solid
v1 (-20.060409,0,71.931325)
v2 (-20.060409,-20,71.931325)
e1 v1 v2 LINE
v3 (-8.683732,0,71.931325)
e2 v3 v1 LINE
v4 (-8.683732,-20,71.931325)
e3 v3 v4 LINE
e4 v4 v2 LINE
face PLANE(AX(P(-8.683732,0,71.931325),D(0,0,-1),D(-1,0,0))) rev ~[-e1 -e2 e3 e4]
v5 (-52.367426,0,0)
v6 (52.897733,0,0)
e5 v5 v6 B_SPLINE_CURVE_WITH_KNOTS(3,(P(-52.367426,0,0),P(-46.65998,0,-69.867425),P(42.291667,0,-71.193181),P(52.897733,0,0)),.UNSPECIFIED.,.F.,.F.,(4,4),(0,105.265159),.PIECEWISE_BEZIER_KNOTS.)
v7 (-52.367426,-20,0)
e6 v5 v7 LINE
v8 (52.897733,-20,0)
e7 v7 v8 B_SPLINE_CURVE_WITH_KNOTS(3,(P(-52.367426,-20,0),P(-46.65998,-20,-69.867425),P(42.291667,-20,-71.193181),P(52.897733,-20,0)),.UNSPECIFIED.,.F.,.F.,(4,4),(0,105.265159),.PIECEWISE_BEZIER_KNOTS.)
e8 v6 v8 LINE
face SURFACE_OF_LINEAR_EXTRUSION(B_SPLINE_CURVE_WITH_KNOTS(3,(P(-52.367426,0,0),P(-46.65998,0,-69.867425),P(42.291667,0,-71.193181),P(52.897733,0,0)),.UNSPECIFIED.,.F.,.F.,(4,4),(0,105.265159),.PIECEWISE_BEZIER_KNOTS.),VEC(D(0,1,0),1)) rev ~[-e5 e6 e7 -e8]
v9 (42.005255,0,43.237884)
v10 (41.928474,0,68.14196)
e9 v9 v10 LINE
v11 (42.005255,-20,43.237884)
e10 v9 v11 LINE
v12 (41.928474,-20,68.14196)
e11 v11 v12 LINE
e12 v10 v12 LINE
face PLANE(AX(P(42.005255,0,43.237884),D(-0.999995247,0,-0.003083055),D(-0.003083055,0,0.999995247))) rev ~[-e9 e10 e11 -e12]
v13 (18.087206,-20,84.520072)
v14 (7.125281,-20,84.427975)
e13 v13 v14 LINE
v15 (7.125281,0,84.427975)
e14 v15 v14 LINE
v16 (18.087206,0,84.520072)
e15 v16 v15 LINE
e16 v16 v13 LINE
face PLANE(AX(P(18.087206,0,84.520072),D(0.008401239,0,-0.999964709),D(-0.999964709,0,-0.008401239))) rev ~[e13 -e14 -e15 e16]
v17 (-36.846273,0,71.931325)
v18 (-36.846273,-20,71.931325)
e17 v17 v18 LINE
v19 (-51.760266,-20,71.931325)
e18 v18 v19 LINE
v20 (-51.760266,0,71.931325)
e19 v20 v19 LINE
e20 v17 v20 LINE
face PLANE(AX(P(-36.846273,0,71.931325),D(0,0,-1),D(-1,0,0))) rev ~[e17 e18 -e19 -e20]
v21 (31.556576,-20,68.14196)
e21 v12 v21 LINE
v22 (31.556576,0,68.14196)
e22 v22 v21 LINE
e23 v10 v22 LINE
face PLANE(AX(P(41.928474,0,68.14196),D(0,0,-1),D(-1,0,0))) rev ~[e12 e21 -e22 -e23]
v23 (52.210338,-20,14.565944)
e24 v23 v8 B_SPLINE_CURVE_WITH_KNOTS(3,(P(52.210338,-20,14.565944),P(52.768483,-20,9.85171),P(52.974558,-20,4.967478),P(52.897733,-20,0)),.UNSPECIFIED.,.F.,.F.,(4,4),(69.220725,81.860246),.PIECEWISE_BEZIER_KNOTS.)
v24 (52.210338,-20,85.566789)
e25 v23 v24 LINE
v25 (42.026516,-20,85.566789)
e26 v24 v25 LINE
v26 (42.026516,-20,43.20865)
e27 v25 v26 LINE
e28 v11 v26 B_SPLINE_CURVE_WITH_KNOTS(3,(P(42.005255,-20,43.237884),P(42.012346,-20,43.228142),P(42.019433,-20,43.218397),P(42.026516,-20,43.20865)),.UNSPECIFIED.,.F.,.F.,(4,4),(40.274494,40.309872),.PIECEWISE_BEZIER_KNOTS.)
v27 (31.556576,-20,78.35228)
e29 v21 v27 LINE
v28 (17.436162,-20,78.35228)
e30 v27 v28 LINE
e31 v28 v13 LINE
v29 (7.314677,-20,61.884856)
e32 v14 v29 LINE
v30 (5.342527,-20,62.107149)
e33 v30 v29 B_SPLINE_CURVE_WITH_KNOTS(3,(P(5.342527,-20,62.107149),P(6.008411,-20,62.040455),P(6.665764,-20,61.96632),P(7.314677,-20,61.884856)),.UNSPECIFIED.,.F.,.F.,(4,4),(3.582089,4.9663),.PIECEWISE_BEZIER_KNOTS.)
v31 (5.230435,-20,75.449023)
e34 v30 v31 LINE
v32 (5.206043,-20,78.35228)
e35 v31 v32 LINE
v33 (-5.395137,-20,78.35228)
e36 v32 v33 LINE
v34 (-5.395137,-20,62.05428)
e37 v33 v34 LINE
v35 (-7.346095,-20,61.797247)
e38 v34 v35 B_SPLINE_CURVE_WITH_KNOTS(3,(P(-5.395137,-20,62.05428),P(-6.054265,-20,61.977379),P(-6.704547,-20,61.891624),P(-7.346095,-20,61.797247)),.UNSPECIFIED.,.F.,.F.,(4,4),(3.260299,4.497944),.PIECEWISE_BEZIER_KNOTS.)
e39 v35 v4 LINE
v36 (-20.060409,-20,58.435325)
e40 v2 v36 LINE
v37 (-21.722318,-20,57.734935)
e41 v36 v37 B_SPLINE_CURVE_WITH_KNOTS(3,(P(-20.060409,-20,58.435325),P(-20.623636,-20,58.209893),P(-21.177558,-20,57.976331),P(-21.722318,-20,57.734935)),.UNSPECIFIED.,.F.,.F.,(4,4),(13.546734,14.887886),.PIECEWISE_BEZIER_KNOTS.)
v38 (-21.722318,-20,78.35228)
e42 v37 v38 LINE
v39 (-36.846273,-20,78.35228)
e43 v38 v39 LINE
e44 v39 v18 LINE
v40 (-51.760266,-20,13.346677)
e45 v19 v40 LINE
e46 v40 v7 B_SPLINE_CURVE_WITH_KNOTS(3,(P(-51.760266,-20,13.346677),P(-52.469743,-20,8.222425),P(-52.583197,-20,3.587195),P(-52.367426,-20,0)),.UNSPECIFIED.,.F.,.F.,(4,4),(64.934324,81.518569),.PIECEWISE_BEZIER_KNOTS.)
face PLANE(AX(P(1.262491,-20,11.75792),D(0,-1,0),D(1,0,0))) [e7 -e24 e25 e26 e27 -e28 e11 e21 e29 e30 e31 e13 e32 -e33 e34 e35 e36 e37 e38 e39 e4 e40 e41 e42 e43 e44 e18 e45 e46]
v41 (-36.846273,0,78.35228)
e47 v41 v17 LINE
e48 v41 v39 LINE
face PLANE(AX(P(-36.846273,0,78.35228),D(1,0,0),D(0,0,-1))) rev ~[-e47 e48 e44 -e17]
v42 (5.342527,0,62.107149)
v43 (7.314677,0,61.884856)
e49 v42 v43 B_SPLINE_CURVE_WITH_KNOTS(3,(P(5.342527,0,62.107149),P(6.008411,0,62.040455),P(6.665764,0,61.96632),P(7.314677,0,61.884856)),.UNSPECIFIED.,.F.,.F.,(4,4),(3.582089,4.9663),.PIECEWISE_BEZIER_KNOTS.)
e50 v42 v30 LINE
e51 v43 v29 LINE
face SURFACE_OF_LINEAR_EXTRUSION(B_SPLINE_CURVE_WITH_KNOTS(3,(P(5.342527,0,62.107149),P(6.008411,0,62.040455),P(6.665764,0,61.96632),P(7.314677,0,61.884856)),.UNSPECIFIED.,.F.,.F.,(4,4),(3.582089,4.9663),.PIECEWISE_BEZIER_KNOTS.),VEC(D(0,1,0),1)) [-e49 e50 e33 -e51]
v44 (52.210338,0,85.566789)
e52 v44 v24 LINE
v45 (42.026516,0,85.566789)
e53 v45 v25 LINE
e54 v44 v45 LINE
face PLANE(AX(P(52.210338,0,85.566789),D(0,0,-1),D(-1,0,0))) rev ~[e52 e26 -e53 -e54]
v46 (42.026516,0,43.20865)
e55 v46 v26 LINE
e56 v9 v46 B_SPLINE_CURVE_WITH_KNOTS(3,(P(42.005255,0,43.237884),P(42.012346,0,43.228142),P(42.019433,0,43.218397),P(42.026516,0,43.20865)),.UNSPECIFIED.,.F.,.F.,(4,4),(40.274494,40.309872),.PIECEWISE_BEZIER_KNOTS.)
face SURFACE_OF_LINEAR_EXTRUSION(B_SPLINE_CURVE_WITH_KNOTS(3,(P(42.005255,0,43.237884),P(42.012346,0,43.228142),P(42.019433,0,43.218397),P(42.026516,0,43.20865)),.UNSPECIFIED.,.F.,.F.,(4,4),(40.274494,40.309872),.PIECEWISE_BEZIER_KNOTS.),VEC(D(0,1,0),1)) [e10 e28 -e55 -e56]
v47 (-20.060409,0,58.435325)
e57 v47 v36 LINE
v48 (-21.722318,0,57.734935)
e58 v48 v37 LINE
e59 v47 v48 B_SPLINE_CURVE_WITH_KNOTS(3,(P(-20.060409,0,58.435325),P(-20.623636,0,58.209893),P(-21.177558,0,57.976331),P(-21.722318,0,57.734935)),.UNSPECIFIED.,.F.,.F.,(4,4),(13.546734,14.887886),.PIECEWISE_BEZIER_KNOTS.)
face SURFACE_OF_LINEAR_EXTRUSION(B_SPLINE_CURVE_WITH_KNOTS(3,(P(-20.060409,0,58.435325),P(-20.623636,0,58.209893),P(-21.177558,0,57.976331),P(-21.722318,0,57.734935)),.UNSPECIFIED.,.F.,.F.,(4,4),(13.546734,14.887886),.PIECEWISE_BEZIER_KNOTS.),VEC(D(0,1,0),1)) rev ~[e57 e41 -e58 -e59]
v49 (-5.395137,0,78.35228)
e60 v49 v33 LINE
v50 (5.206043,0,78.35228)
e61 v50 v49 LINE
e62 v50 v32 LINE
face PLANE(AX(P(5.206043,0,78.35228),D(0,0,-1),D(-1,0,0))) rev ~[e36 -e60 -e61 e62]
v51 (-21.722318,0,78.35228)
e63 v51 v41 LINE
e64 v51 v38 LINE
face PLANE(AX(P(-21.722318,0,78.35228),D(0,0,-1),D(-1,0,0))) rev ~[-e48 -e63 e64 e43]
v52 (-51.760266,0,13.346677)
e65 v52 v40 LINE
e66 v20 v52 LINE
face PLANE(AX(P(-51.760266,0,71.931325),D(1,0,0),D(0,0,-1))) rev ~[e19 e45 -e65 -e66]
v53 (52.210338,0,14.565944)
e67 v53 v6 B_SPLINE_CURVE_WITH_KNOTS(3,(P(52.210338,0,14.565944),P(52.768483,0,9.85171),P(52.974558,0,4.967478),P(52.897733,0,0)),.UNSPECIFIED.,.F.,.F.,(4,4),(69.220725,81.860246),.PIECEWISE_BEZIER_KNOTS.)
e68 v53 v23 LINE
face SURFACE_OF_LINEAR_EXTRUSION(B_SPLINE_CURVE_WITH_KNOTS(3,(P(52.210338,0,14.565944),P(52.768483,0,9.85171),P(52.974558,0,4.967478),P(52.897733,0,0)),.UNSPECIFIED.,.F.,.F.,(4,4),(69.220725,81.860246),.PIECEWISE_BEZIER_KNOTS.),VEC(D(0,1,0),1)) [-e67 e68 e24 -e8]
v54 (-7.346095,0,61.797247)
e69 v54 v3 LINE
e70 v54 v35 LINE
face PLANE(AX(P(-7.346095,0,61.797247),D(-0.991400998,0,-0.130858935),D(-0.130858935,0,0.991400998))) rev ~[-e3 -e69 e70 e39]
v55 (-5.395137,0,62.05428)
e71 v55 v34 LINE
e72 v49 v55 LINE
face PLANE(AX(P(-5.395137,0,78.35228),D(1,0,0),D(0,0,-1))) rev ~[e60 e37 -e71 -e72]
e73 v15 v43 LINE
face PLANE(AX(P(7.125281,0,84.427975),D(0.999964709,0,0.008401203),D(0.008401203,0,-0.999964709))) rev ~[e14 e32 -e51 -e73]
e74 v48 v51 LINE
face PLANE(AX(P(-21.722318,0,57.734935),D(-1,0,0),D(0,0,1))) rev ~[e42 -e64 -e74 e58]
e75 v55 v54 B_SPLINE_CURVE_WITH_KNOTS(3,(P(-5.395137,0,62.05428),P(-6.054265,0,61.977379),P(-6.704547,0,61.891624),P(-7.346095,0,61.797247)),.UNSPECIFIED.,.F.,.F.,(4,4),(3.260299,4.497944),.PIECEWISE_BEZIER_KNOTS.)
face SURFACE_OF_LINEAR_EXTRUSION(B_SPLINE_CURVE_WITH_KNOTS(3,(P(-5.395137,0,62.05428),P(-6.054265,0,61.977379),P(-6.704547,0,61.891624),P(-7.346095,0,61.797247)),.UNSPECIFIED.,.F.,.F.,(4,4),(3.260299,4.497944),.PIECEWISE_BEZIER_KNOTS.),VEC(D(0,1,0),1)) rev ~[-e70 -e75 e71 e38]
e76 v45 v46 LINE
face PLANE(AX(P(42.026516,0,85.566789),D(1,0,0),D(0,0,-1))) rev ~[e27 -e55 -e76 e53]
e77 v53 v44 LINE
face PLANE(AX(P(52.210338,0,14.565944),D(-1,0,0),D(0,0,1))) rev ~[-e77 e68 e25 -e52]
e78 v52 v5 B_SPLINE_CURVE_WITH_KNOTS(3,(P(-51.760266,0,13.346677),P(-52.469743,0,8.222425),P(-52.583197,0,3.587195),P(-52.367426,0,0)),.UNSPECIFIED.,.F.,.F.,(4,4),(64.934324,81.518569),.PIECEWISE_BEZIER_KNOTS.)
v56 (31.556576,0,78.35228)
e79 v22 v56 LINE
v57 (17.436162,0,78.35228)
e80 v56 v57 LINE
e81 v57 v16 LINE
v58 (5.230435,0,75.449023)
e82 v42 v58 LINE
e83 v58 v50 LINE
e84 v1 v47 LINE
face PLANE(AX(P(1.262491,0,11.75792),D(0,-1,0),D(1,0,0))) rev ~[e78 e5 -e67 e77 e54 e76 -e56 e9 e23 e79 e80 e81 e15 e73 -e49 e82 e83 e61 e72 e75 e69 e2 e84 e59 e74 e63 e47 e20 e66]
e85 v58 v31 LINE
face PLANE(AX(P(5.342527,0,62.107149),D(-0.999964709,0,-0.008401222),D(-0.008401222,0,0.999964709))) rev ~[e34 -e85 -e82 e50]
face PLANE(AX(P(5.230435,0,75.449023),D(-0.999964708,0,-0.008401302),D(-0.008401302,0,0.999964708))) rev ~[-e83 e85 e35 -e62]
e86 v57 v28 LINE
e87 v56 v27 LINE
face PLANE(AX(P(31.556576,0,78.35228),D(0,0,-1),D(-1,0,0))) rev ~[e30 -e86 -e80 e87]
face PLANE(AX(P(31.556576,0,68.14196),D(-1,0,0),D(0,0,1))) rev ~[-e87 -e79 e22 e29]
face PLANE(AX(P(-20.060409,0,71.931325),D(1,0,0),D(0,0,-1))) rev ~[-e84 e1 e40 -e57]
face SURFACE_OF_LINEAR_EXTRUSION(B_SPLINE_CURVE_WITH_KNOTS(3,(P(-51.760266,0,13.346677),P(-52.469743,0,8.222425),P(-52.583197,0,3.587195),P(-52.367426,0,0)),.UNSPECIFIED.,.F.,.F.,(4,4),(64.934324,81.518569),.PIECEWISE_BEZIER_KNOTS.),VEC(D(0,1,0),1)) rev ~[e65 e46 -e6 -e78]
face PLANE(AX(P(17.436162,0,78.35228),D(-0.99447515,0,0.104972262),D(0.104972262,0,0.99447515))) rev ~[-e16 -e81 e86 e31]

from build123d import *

# Parameters (mm, degrees)
F1_DEPTH = 20


with BuildPart() as f1:
    # F0 (on Front) → F1 (new body)
    with BuildSketch(Plane.XZ):
        with BuildLine():
            add(Edge.make_bspline(
                [(-21.722318, 57.734935), (-27.859297, 55.015494), (-32.833372, 51.301815), (-36.846273, 47.016584)],
                knots=[14.887886, 14.887886, 14.887886, 14.887886, 29.996616, 29.996616, 29.996616, 29.996616], degree=3))
            add(Edge.make_bspline(
                [(-36.846273, 47.016584), (-46.12578, 37.107336), (-50.265626, 24.14184), (-51.760266, 13.346677)],
                knots=[29.996616, 29.996616, 29.996616, 29.996616, 64.934324, 64.934324, 64.934324, 64.934324], degree=3))
            add(Edge.make_bspline(
                [(-51.760266, 13.346677), (-52.469743, 8.222425), (-52.583197, 3.587195), (-52.367426, 0)],
                knots=[64.934324, 64.934324, 64.934324, 64.934324, 81.518569, 81.518569, 81.518569, 81.518569], degree=3))
            add(Edge.make_bspline(
                [(-52.367426, 0), (-46.65998, -69.867425), (42.291667, -71.193181), (52.897733, 0)],
                knots=[0, 0, 0, 0, 105.265159, 105.265159, 105.265159, 105.265159], degree=3))
            add(Edge.make_bspline(
                [(52.210338, 14.565944), (52.768483, 9.85171), (52.974558, 4.967478), (52.897733, 0)],
                knots=[69.220725, 69.220725, 69.220725, 69.220725, 81.860246, 81.860246, 81.860246, 81.860246], degree=3))
            add(Edge.make_bspline(
                [(42.026516, 43.20865), (47.814994, 35.242619), (50.93367, 25.34899), (52.210338, 14.565944)],
                knots=[40.309872, 40.309872, 40.309872, 40.309872, 69.220725, 69.220725, 69.220725, 69.220725], degree=3))
            Line((42.026516, 43.20865), (42.026516, 36.341667))
            Line((42.026516, 36.341667), (42.005255, 43.237884))
            add(Edge.make_bspline(
                [(31.556576, 53.367701), (35.735048, 50.52724), (39.186175, 47.110795), (42.005255, 43.237884)],
                knots=[26.210335, 26.210335, 26.210335, 26.210335, 40.274494, 40.274494, 40.274494, 40.274494], degree=3))
            add(Edge.make_bspline(
                [(15.536849, 60.358789), (21.786503, 58.784782), (27.087548, 56.405678), (31.556576, 53.367701)],
                knots=[11.168201, 11.168201, 11.168201, 11.168201, 26.210335, 26.210335, 26.210335, 26.210335], degree=3))
            add(Edge.make_bspline(
                [(7.314677, 61.884856), (10.222105, 61.51986), (12.960106, 61.007755), (15.536849, 60.358789)],
                knots=[4.9663, 4.9663, 4.9663, 4.9663, 11.168201, 11.168201, 11.168201, 11.168201], degree=3))
            add(Edge.make_bspline(
                [(5.342527, 62.107149), (6.008411, 62.040455), (6.665764, 61.96632), (7.314677, 61.884856)],
                knots=[3.582089, 3.582089, 3.582089, 3.582089, 4.9663, 4.9663, 4.9663, 4.9663], degree=3))
            add(Edge.make_bspline(
                [(0, 62.473433), (1.839021, 62.402493), (3.619339, 62.27974), (5.342527, 62.107149)],
                knots=[0, 0, 0, 0, 3.582089, 3.582089, 3.582089, 3.582089], degree=3))
            add(Edge.make_bspline(
                [(0, 62.473433), (-1.86111, 62.397991), (-3.658814, 62.256857), (-5.395137, 62.05428)],
                knots=[0, 0, 0, 0, 3.260299, 3.260299, 3.260299, 3.260299], degree=3))
            Line((-5.395137, 62.05428), (-5.395137, 47.016584))
            Line((-5.395137, 47.016584), (-7.346095, 61.797247))
            add(Edge.make_bspline(
                [(-7.346095, 61.797247), (-12.036643, 61.107229), (-16.260302, 59.95632), (-20.060409, 58.435325)],
                knots=[4.497944, 4.497944, 4.497944, 4.497944, 13.546734, 13.546734, 13.546734, 13.546734], degree=3))
            add(Edge.make_bspline(
                [(-20.060409, 58.435325), (-20.623636, 58.209893), (-21.177558, 57.976331), (-21.722318, 57.734935)],
                knots=[13.546734, 13.546734, 13.546734, 13.546734, 14.887886, 14.887886, 14.887886, 14.887886], degree=3))
        make_face()
        with BuildLine():
            Line((-36.846273, 71.931325), (-36.846273, 47.016584))
            add(Edge.make_bspline(
                [(-21.722318, 57.734935), (-27.859297, 55.015494), (-32.833372, 51.301815), (-36.846273, 47.016584)],
                knots=[14.887886, 14.887886, 14.887886, 14.887886, 29.996616, 29.996616, 29.996616, 29.996616], degree=3))
            Line((-21.722318, 57.734935), (-21.722318, 71.931325))
            Line((-21.722318, 71.931325), (-21.722318, 78.35228))
            Line((-21.722318, 78.35228), (-36.846273, 78.35228))
            Line((-36.846273, 78.35228), (-36.846273, 71.931325))
        make_face()
        with BuildLine():
            add(Edge.make_bspline(
                [(-36.846273, 47.016584), (-46.12578, 37.107336), (-50.265626, 24.14184), (-51.760266, 13.346677)],
                knots=[29.996616, 29.996616, 29.996616, 29.996616, 64.934324, 64.934324, 64.934324, 64.934324], degree=3))
            Line((-36.846273, 47.016584), (-36.846273, 71.931325))
            Line((-36.846273, 71.931325), (-51.760266, 71.931325))
            Line((-51.760266, 71.931325), (-51.760266, 13.346677))
        make_face()
        with BuildLine():
            Line((-20.060409, 71.931325), (-20.060409, 58.435325))
            add(Edge.make_bspline(
                [(-7.346095, 61.797247), (-12.036643, 61.107229), (-16.260302, 59.95632), (-20.060409, 58.435325)],
                knots=[4.497944, 4.497944, 4.497944, 4.497944, 13.546734, 13.546734, 13.546734, 13.546734], degree=3))
            Line((-7.346095, 61.797247), (-8.683732, 71.931325))
            Line((-8.683732, 71.931325), (-20.060409, 71.931325))
        make_face()
        with BuildLine():
            add(Edge.make_bspline(
                [(-5.395137, 62.05428), (-6.054265, 61.977379), (-6.704547, 61.891624), (-7.346095, 61.797247)],
                knots=[3.260299, 3.260299, 3.260299, 3.260299, 4.497944, 4.497944, 4.497944, 4.497944], degree=3))
            Line((-7.346095, 61.797247), (-5.395137, 47.016584))
            Line((-5.395137, 47.016584), (-5.395137, 62.05428))
        make_face()
        with BuildLine():
            add(Edge.make_bspline(
                [(42.026516, 43.20865), (47.814994, 35.242619), (50.93367, 25.34899), (52.210338, 14.565944)],
                knots=[40.309872, 40.309872, 40.309872, 40.309872, 69.220725, 69.220725, 69.220725, 69.220725], degree=3))
            Line((52.210338, 14.565944), (52.210338, 85.566789))
            Line((52.210338, 85.566789), (42.026516, 85.566789))
            Line((42.026516, 85.566789), (42.026516, 43.20865))
        make_face()
        with BuildLine():
            Line((-5.395137, 71.931325), (-5.395137, 62.05428))
            add(Edge.make_bspline(
                [(0, 62.473433), (-1.86111, 62.397991), (-3.658814, 62.256857), (-5.395137, 62.05428)],
                knots=[0, 0, 0, 0, 3.260299, 3.260299, 3.260299, 3.260299], degree=3))
            add(Edge.make_bspline(
                [(0, 62.473433), (1.839021, 62.402493), (3.619339, 62.27974), (5.342527, 62.107149)],
                knots=[0, 0, 0, 0, 3.582089, 3.582089, 3.582089, 3.582089], degree=3))
            Line((5.342527, 62.107149), (5.230435, 75.449023))
            Line((5.230435, 75.449023), (5.206043, 78.35228))
            Line((5.206043, 78.35228), (-5.395137, 78.35228))
            Line((-5.395137, 78.35228), (-5.395137, 71.931325))
        make_face()
        with BuildLine():
            Line((42.026516, 36.341667), (42.026516, 43.20865))
            add(Edge.make_bspline(
                [(42.005255, 43.237884), (42.012346, 43.228142), (42.019433, 43.218397), (42.026516, 43.20865)],
                knots=[40.274494, 40.274494, 40.274494, 40.274494, 40.309872, 40.309872, 40.309872, 40.309872], degree=3))
            Line((42.005255, 43.237884), (42.026516, 36.341667))
        make_face()
        with BuildLine():
            add(Edge.make_bspline(
                [(31.556576, 53.367701), (35.735048, 50.52724), (39.186175, 47.110795), (42.005255, 43.237884)],
                knots=[26.210335, 26.210335, 26.210335, 26.210335, 40.274494, 40.274494, 40.274494, 40.274494], degree=3))
            Line((42.005255, 43.237884), (41.928474, 68.14196))
            Line((41.928474, 68.14196), (31.556576, 68.14196))
            Line((31.556576, 68.14196), (31.556576, 53.367701))
        make_face()
        with BuildLine():
            add(Edge.make_bspline(
                [(15.536849, 60.358789), (21.786503, 58.784782), (27.087548, 56.405678), (31.556576, 53.367701)],
                knots=[11.168201, 11.168201, 11.168201, 11.168201, 26.210335, 26.210335, 26.210335, 26.210335], degree=3))
            Line((31.556576, 53.367701), (31.556576, 68.14196))
            Line((31.556576, 68.14196), (31.556576, 78.35228))
            Line((31.556576, 78.35228), (17.436162, 78.35228))
            Line((17.436162, 78.35228), (15.536849, 60.358789))
        make_face()
        with BuildLine():
            Line((7.125281, 84.427975), (7.314677, 61.884856))
            add(Edge.make_bspline(
                [(7.314677, 61.884856), (10.222105, 61.51986), (12.960106, 61.007755), (15.536849, 60.358789)],
                knots=[4.9663, 4.9663, 4.9663, 4.9663, 11.168201, 11.168201, 11.168201, 11.168201], degree=3))
            Line((15.536849, 60.358789), (17.436162, 78.35228))
            Line((17.436162, 78.35228), (18.087206, 84.520072))
            Line((18.087206, 84.520072), (7.125281, 84.427975))
        make_face()
    extrude(amount=F1_DEPTH)


solid = f1.part
